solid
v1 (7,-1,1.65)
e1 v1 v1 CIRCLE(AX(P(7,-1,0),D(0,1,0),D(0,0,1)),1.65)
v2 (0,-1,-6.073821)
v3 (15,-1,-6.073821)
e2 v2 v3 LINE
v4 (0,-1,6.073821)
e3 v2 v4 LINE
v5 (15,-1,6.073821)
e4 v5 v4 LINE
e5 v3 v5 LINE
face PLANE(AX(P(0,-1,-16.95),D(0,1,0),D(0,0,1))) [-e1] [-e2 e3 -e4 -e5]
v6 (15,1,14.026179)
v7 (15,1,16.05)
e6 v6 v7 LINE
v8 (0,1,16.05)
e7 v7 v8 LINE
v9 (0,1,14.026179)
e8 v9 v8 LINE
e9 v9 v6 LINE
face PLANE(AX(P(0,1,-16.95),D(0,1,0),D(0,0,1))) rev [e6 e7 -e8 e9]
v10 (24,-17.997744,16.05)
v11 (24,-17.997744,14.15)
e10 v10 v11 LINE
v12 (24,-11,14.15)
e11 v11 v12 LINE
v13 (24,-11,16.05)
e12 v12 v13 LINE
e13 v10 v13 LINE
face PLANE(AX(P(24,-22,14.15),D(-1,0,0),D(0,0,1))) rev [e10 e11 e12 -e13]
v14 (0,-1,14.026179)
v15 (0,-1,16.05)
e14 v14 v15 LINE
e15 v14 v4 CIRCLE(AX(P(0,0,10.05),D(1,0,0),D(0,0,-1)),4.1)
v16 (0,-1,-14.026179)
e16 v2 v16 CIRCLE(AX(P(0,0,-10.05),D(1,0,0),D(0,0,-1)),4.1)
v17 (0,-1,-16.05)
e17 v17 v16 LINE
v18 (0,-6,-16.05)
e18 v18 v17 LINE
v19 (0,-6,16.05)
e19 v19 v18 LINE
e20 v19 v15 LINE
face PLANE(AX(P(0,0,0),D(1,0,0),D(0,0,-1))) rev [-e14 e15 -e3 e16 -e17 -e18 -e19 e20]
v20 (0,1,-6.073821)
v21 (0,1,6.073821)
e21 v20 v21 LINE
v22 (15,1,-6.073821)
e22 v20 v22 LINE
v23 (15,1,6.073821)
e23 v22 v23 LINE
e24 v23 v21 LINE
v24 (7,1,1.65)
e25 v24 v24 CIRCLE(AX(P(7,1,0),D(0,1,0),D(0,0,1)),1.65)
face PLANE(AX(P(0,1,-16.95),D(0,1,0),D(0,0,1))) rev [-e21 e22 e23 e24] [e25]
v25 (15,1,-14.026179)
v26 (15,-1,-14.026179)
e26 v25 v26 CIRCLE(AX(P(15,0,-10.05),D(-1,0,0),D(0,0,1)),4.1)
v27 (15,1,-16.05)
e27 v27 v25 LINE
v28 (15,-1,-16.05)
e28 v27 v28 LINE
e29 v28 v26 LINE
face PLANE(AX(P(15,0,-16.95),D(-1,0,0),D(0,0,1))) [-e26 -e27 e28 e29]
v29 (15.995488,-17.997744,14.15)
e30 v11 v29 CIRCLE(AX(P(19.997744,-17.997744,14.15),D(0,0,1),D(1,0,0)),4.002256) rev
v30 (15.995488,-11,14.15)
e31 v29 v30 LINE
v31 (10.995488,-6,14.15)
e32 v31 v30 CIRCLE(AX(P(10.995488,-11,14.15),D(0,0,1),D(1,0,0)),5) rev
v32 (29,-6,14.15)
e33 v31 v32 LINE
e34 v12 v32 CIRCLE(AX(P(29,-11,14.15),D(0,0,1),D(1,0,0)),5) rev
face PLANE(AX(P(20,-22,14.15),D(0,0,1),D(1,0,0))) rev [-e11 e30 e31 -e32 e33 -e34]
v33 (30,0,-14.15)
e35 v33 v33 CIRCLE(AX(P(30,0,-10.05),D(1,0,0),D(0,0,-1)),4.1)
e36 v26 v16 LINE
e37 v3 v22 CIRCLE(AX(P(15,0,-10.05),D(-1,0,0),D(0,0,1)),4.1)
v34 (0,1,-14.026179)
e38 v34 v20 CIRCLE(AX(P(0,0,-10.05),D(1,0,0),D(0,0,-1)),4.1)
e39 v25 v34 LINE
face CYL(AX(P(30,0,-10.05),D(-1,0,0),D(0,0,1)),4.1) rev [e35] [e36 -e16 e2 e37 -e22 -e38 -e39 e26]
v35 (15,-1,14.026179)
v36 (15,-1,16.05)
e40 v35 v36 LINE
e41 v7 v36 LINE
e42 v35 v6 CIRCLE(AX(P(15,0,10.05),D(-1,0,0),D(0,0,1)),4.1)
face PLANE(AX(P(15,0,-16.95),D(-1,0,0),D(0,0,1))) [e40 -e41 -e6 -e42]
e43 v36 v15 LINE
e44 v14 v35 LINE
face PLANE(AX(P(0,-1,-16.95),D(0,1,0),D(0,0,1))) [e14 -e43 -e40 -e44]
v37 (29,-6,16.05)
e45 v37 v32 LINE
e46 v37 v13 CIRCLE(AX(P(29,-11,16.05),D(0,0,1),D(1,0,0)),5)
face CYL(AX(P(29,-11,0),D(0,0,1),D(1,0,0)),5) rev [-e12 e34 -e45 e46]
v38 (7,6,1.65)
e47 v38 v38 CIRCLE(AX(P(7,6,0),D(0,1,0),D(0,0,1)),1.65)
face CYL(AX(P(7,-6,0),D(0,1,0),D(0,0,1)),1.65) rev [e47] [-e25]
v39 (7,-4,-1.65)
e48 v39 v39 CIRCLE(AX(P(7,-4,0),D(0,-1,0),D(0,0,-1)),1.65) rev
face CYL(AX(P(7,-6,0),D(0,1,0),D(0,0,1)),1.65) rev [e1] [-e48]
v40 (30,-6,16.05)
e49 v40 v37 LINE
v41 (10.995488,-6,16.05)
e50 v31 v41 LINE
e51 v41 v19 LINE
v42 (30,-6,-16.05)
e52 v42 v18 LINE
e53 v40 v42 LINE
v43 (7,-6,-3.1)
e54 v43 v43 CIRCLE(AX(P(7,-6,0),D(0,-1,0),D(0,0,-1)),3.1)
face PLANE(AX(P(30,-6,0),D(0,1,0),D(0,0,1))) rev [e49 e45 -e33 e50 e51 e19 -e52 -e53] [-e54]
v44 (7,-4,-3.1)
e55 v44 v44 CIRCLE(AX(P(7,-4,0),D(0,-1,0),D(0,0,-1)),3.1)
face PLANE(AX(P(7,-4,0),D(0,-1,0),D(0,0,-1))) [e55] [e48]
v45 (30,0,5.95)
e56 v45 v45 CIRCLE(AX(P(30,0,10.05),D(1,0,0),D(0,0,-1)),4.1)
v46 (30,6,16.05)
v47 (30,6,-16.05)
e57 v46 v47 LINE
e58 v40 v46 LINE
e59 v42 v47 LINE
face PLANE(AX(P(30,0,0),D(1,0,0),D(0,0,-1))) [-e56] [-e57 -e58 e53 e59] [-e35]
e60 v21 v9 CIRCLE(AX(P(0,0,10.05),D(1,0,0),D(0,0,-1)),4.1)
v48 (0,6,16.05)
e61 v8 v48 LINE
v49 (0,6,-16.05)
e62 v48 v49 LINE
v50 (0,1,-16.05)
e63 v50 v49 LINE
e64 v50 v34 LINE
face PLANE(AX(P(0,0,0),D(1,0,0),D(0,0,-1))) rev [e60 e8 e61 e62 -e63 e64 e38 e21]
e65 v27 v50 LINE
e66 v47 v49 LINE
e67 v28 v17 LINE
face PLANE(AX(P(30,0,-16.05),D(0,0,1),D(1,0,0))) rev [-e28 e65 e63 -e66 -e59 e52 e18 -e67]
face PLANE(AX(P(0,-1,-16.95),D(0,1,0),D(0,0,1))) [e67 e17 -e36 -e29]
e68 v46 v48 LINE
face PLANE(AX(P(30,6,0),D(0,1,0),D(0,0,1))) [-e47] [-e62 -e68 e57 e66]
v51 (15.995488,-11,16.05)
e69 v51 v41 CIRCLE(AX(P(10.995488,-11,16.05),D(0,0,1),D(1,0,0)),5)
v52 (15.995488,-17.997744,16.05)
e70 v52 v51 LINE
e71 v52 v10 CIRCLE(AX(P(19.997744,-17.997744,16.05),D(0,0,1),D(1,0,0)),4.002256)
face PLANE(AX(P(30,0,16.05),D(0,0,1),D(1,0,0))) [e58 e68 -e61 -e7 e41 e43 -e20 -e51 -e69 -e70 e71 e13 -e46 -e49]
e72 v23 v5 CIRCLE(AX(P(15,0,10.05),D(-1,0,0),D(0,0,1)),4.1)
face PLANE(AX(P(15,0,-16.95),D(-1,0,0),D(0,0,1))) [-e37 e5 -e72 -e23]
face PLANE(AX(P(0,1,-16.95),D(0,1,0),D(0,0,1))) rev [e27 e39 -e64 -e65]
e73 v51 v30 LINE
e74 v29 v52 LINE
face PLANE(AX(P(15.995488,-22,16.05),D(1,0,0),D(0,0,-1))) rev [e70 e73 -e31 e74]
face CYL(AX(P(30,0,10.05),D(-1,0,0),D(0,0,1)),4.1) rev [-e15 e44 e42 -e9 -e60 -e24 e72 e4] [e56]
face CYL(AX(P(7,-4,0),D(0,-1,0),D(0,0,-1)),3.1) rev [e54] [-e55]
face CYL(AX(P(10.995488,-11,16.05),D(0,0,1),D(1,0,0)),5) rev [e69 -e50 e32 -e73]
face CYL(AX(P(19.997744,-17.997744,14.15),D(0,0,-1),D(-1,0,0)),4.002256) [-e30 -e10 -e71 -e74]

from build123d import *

# Parameters (mm, degrees)
CROQUIS1_W              = 32.1
CROQUIS1_H              = 12
CROQUIS1_R              = 4.1
SALIENTE_EXTRUIR1_DEPTH = 30
CROQUIS2_W              = 15
CROQUIS2_H              = 2
CORTAR_EXTRUIR2_DEPTH   = 33
CROQUIS4_R              = 1.65
CORTAR_EXTRUIR3_DEPTH   = 12
CROQUIS5_R              = 3.1
CORTAR_EXTRUIR4_DEPTH   = 2
SALIENTE_EXTRUIR2_DEPTH = 16
REDONDEO1_R             = 5
REDONDEO2_R             = 5
REDONDEO3_RADIUS        = 4.002255821
REDONDEO3_LENGTH        = 1.9


with BuildPart() as part:
    # Croquis1 → Saliente-Extruir1 (new body)
    with BuildSketch(Plane(origin=(0, 0, 0), x_dir=(0, 0, -1), z_dir=(1, 0, 0))):
        Rectangle(CROQUIS1_W, CROQUIS1_H)
        with Locations((-10.05, 0)):
            Circle(CROQUIS1_R, mode=Mode.SUBTRACT)
        with Locations((10.05, 0)):
            Circle(CROQUIS1_R, mode=Mode.SUBTRACT)
    extrude(amount=SALIENTE_EXTRUIR1_DEPTH)

    # Croquis2 → Cortar-Extruir2 (cut)
    with BuildSketch(Plane.XY.offset(16.05)):
        with Locations((7.5, 0)):
            Rectangle(CROQUIS2_W, CROQUIS2_H)
    extrude(amount=-CORTAR_EXTRUIR2_DEPTH, mode=Mode.SUBTRACT)

    # Croquis4 → Cortar-Extruir3 (cut)
    with BuildSketch(Plane(origin=(0, 6, 0), x_dir=(1, 0, 0), z_dir=(0, 1, 0))):
        with Locations(Location((7, 0, 0), (0, 0, 270))):
            Circle(CROQUIS4_R)
    extrude(amount=-CORTAR_EXTRUIR3_DEPTH, mode=Mode.SUBTRACT)

    # Croquis5 → Cortar-Extruir4 (cut)
    with BuildSketch(Plane.XZ.offset(6)):
        with Locations(Location((7, 0, 0), (0, 0, 270))):
            Circle(CROQUIS5_R)
    extrude(amount=-CORTAR_EXTRUIR4_DEPTH, mode=Mode.SUBTRACT)

    # Croquis7 → Saliente-Extruir2 (add)
    with BuildSketch(Plane.XZ.offset(6)):
        Polygon((20, 14.15), (24, 14.15), (24, 16.05), (15.995488358, 16.05), (15.995488358, 14.15), align=None)
    extrude(amount=SALIENTE_EXTRUIR2_DEPTH)

    # Redondeo1
    redondeo1_edges = [part.edges().sort_by_distance(p)[0] for p in [
        (15.995488358, -6, 15.1),
    ]]
    fillet(redondeo1_edges, radius=REDONDEO1_R)

    # Redondeo2
    redondeo2_edges = [part.edges().sort_by_distance(p)[0] for p in [
        (24, -6, 15.1),
    ]]
    fillet(redondeo2_edges, radius=REDONDEO2_R)

    # Redondeo3: full round fillet: the end face becomes a half cylinder, R = half its width
    redondeo3_face = Plane((19.997744179, -22, 15.1), x_dir=(0, 0, 1), z_dir=(0, -1, 0))  # on the end face: x along it, z out of the body
    redondeo3_slab = redondeo3_face.offset(-REDONDEO3_RADIUS / 2) * Box(REDONDEO3_LENGTH, 2 * REDONDEO3_RADIUS, REDONDEO3_RADIUS, mode=Mode.PRIVATE)  # the body's end, R deep
    redondeo3_round = Plane((19.997744179, -17.997744179, 15.1), x_dir=(0, -1, 0), z_dir=(0, 0, 1)) * Cylinder(REDONDEO3_RADIUS, REDONDEO3_LENGTH, mode=Mode.PRIVATE)  # its axis R under the face
    add(redondeo3_slab - redondeo3_round, mode=Mode.SUBTRACT)


solid = part.part
